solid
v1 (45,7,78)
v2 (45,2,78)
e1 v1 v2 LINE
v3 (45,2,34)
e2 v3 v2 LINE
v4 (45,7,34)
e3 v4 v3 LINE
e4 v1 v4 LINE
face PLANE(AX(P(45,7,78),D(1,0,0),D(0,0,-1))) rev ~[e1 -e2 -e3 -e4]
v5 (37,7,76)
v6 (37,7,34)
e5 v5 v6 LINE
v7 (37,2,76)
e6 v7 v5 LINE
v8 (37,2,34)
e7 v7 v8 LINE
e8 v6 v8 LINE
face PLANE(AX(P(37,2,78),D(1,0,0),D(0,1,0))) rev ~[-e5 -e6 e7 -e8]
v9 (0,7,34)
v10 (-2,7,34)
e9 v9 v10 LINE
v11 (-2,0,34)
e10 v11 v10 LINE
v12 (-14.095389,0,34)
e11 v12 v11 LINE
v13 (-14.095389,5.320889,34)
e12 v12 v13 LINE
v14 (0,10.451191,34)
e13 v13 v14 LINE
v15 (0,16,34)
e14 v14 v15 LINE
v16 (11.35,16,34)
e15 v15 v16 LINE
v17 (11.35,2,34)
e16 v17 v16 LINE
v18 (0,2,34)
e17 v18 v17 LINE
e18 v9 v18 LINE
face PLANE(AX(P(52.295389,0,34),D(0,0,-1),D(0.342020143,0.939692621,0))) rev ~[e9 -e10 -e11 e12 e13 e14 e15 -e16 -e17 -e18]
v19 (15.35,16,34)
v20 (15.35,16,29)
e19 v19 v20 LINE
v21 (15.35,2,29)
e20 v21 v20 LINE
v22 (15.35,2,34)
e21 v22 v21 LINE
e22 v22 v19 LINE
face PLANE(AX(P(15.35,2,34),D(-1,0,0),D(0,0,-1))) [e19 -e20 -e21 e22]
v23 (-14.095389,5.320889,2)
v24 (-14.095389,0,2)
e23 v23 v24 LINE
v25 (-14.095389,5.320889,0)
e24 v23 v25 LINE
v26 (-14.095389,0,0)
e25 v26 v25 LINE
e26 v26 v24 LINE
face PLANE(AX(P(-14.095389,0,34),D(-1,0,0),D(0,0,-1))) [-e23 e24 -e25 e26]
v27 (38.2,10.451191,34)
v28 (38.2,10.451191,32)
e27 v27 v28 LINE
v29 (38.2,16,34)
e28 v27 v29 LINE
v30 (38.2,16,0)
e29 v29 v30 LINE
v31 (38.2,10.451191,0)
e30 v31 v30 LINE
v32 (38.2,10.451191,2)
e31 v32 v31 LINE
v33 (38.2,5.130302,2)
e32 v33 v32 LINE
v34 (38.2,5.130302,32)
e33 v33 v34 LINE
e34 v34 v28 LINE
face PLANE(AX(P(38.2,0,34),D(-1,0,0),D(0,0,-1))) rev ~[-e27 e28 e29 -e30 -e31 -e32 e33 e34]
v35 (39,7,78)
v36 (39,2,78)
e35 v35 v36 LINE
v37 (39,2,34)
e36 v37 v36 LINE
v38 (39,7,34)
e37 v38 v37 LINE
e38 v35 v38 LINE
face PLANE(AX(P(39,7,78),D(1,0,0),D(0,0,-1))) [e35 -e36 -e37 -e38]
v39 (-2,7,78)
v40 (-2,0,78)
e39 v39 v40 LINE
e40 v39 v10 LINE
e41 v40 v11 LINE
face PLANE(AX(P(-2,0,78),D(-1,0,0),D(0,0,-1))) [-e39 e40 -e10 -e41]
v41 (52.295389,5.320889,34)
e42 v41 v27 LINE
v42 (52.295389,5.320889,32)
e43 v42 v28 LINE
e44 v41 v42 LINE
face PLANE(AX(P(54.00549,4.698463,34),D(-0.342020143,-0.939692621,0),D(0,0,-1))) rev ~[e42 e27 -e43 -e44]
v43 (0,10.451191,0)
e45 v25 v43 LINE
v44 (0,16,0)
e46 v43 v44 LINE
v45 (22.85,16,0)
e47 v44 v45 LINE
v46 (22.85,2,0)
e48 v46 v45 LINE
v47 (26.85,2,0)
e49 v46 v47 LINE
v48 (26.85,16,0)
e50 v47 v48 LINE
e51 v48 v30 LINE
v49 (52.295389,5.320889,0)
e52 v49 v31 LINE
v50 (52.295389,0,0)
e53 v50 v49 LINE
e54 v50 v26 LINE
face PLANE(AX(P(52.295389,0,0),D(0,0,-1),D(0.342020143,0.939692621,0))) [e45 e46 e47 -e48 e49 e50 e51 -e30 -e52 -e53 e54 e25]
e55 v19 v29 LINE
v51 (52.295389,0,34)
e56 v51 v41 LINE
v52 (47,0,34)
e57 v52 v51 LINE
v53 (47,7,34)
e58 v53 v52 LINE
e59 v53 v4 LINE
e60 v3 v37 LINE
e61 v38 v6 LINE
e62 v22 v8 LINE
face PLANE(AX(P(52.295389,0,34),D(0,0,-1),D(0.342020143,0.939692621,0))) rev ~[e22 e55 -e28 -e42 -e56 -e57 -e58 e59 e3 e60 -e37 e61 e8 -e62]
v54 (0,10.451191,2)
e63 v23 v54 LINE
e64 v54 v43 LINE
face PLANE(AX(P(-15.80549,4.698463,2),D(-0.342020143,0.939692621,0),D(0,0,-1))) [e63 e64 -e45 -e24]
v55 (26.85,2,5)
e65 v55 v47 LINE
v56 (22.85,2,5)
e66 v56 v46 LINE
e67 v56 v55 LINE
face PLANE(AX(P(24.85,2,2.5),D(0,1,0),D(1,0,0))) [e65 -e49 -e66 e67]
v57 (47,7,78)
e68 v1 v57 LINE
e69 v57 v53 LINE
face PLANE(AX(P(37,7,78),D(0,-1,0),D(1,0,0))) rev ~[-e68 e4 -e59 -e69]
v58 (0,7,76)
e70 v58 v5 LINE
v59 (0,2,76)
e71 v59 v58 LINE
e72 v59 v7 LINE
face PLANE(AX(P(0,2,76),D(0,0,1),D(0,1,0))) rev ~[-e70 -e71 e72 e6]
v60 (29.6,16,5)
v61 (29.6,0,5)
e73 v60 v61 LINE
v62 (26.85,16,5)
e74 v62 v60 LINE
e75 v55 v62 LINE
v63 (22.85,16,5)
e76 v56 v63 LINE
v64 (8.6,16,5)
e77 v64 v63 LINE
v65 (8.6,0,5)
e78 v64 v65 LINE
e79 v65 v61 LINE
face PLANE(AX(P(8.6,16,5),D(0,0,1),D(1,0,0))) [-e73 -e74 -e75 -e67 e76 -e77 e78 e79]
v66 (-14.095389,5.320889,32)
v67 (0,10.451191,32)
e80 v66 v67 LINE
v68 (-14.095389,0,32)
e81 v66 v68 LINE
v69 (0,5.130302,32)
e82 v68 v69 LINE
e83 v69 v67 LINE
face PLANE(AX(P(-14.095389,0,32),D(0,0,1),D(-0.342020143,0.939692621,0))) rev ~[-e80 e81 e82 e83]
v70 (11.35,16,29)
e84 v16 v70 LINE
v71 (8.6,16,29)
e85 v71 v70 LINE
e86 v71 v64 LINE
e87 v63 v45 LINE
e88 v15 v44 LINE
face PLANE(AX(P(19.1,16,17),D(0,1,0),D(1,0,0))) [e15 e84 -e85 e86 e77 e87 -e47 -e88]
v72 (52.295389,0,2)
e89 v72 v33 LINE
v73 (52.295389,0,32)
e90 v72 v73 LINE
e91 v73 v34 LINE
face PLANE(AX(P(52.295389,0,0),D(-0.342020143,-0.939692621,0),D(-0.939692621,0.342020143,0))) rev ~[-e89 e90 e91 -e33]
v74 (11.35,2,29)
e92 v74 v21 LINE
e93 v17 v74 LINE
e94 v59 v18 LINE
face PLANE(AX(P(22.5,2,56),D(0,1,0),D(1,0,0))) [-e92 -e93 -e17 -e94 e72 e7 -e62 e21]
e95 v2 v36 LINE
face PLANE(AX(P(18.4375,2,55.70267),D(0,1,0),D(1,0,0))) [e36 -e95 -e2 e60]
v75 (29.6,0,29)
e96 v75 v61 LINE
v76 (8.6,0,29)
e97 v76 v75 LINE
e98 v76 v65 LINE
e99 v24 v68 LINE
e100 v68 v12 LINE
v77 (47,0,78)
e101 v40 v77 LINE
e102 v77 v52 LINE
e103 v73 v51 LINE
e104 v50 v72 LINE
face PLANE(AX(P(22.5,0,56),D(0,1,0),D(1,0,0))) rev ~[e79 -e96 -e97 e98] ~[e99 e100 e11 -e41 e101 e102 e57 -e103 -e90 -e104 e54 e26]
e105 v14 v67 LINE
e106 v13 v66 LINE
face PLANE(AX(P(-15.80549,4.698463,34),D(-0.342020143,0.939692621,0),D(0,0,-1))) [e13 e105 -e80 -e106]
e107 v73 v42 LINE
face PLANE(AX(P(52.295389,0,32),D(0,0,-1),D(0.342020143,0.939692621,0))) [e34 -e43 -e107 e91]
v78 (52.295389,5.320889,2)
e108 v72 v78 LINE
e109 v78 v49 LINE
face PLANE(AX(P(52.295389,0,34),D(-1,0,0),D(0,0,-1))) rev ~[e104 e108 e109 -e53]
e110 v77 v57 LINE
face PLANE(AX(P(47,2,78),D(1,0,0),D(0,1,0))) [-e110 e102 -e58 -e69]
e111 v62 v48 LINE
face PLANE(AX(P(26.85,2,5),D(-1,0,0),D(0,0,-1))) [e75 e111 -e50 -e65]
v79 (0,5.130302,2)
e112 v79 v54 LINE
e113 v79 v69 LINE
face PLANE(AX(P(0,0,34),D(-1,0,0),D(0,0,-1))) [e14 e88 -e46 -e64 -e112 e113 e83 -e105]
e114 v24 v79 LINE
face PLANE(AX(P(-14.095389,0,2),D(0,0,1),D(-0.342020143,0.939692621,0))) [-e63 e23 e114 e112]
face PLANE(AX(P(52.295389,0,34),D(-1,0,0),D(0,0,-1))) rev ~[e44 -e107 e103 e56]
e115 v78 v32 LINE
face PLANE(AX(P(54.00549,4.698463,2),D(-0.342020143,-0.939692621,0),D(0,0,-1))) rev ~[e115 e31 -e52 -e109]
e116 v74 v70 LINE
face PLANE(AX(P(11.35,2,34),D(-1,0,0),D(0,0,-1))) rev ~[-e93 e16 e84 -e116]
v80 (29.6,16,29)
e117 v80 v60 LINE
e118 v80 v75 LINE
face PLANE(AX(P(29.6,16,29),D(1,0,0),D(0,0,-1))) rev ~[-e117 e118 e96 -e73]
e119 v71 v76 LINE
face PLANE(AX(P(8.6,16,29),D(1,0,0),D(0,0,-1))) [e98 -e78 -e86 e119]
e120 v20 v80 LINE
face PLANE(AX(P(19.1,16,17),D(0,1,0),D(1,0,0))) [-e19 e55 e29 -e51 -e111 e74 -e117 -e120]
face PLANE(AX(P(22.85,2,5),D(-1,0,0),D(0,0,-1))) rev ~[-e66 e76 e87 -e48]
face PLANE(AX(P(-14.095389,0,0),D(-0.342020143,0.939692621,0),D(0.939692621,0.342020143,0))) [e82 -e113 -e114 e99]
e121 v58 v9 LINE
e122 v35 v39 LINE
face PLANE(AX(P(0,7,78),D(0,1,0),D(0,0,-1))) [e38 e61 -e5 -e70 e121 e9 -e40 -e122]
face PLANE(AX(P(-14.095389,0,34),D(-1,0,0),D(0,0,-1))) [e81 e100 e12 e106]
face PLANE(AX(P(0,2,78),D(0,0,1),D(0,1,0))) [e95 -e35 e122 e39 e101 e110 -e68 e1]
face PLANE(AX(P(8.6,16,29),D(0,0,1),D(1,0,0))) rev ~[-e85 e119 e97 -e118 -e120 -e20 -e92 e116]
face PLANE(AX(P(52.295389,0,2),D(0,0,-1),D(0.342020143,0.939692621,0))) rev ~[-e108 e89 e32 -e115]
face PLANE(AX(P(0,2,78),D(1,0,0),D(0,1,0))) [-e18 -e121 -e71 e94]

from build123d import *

# Parameters (mm, degrees)
BOSS_EXTRUDE1_DEPTH            = 34
BOSS_EXTRUDE1_2_DEPTH          = 34
SKETCH5_W                      = 38.2
SKETCH5_H                      = 34
BOSS_EXTRUDE2_DEPTH            = 16
BOSS_EXTRUDE7_REACH            = 77.954
SKETCH12_W                     = 2
SKETCH12_H                     = 5
BOSS_EXTRUDE8_REACH            = 79.938
SKETCH13_W                     = 2
SKETCH13_H                     = 5
CUT_EXTRUDE1_START             = 2
SKETCH6_W                      = 4
SKETCH6_H                      = 5
CUT_EXTRUDE1_DEPTH             = 14
SKETCH7_W                      = 49
SKETCH7_H                      = 44
BOSS_EXTRUDE3_DEPTH            = 2
SKETCH8_W                      = 10
SKETCH8_H                      = 5
SKETCH8_W_2                    = 2
BOSS_EXTRUDE5_DEPTH            = 45
CUT_EXTRUDE2_REACH             = 97.297
SKETCH9_W                      = 6
SKETCH9_H                      = 44
CUT_EXTRUDE2_DIRECTION_2_REACH = 97.297
SKETCH10_W                     = 21
SKETCH10_H                     = 24
CUT_EXTRUDE3_DEPTH             = 16
SKETCH11_W                     = 2
SKETCH11_H                     = 5
BOSS_EXTRUDE6_DEPTH            = 37
SKETCH14_W                     = 5
SKETCH14_H                     = 34
CUT_EXTRUDE4_DEPTH             = 5.320889


with BuildPart() as part:
    # Sketch4 → Boss-Extrude1 (new body)
    with BuildSketch(Plane.XY):
        Polygon((0, 0), (-14.095389312, 0), (0, 5.13030215), align=None)
    extrude(amount=BOSS_EXTRUDE1_DEPTH)



with BuildPart() as body_2:
    # Sketch4 → Boss-Extrude1 2 (new body)
    with BuildSketch(Plane.XY):
        Polygon((52.295389312, 0), (38.2, 5.13030215), (38.2, 0), align=None)
    extrude(amount=BOSS_EXTRUDE1_2_DEPTH)


with BuildPart() as part_1:
    add(part.part)

    add(body_2.part)  # Boss-Extrude2 merges body 2
    # Sketch5 → Boss-Extrude2 (add)
    with BuildSketch(Plane(origin=(0, 0, 0), x_dir=(1, 0, 0), z_dir=(0, 1, 0))):
        with Locations((19.1, -17)):
            Rectangle(SKETCH5_W, SKETCH5_H)
    extrude(amount=BOSS_EXTRUDE2_DEPTH)

    # Boss-Extrude7: up to this plane
    boss_extrude7_end = Plane(origin=(0, 16, 0), z_dir=(1, 0, 0))
    # Sketch12 → Boss-Extrude7 (add, up to the surface)
    with BuildSketch(Plane(origin=(-12.446541984, -4.530170802, 0), x_dir=(0, 0, -1), z_dir=(0.9396926207859105, 0.3420201433256627, 0)), mode=Mode.PRIVATE) as boss_extrude7_sk1:
        with Locations((-1, 7.320907073)):
            Rectangle(SKETCH12_W, SKETCH12_H)
    boss_extrude7_tool1 = split(extrude(boss_extrude7_sk1.sketch, amount=BOSS_EXTRUDE7_REACH, mode=Mode.PRIVATE), bisect_by=boss_extrude7_end, keep=Keep.BOTH, mode=Mode.PRIVATE)
    add(boss_extrude7_tool1.solids().sort_by_distance((-14.95044, 2.349232, 1))[0])
    # Sketch12 → Boss-Extrude7 (add, up to the surface)
    with BuildSketch(Plane(origin=(-12.446541984, -4.530170802, 0), x_dir=(0, 0, -1), z_dir=(0.9396926207859105, 0.3420201433256627, 0)), mode=Mode.PRIVATE) as boss_extrude7_sk2:
        with Locations((-33, 7.320907073)):
            Rectangle(SKETCH12_W, SKETCH12_H)
    boss_extrude7_tool2 = split(extrude(boss_extrude7_sk2.sketch, amount=BOSS_EXTRUDE7_REACH, mode=Mode.PRIVATE), bisect_by=boss_extrude7_end, keep=Keep.BOTH, mode=Mode.PRIVATE)
    add(boss_extrude7_tool2.solids().sort_by_distance((-14.95044, 2.349232, 33))[0])

    # Boss-Extrude8: up to this plane
    boss_extrude8_end = Plane(origin=(38.2, 16, 0), z_dir=(-1, 0, 0))
    # Sketch13 → Boss-Extrude8 (add, up to the surface)
    with BuildSketch(Plane(origin=(46.177990847, -16.807414147, 0), x_dir=(0, 0, -1), z_dir=(0.9396926207859105, -0.3420201433256628, 0)), mode=Mode.PRIVATE) as boss_extrude8_sk1:
        with Locations((-33, 20.386076548)):
            Rectangle(SKETCH13_W, SKETCH13_H)
    boss_extrude8_tool1 = split(extrude(boss_extrude8_sk1.sketch, amount=-BOSS_EXTRUDE8_REACH, mode=Mode.PRIVATE), bisect_by=boss_extrude8_end, keep=Keep.BOTH, mode=Mode.PRIVATE)
    add(boss_extrude8_tool1.solids().sort_by_distance((53.15044, 2.349232, 33))[0])
    # Sketch13 → Boss-Extrude8 (add, up to the surface)
    with BuildSketch(Plane(origin=(46.177990847, -16.807414147, 0), x_dir=(0, 0, -1), z_dir=(0.9396926207859105, -0.3420201433256628, 0)), mode=Mode.PRIVATE) as boss_extrude8_sk2:
        with Locations((-1, 20.386076548)):
            Rectangle(SKETCH13_W, SKETCH13_H)
    boss_extrude8_tool2 = split(extrude(boss_extrude8_sk2.sketch, amount=-BOSS_EXTRUDE8_REACH, mode=Mode.PRIVATE), bisect_by=boss_extrude8_end, keep=Keep.BOTH, mode=Mode.PRIVATE)
    add(boss_extrude8_tool2.solids().sort_by_distance((53.15044, 2.349232, 1))[0])

    # Sketch6 → Cut-Extrude1 (cut)
    with BuildSketch(Plane(origin=(0, 0, 0), x_dir=(1, 0, 0), z_dir=(0, 1, 0)).offset(CUT_EXTRUDE1_START)):
        with Locations((13.35, -31.5)):
            Rectangle(SKETCH6_W, SKETCH6_H)
        with Locations((24.85, -2.5)):
            Rectangle(SKETCH6_W, SKETCH6_H)
    extrude(amount=CUT_EXTRUDE1_DEPTH, mode=Mode.SUBTRACT)

    # Sketch7 → Boss-Extrude3 (add)
    with BuildSketch(Plane(origin=(0, 0, 0), x_dir=(1, 0, 0), z_dir=(0, 1, 0))):
        with Locations((22.5, -56)):
            Rectangle(SKETCH7_W, SKETCH7_H)
    extrude(amount=BOSS_EXTRUDE3_DEPTH)

    # Sketch8 → Boss-Extrude5 (add)
    with BuildSketch(Plane.XY.offset(78)):
        with Locations((42, 4.5)):
            Rectangle(SKETCH8_W, SKETCH8_H)
        with Locations((-1, 4.5)):
            Rectangle(SKETCH8_W_2, SKETCH8_H)
    extrude(amount=-BOSS_EXTRUDE5_DEPTH)

    # Cut-Extrude2: up to this face of the body (flat: up to its plane)
    cut_extrude2_end = Plane(part_1.part.faces().sort_by_distance((18.4375, 2, 55.702669903))[0])
    # Sketch9 → Cut-Extrude2 (cut, up to the picked face)
    with BuildSketch(Plane(origin=(0, 7, 0), x_dir=(1, 0, 0), z_dir=(0, 1, 0)), mode=Mode.PRIVATE) as cut_extrude2_sk1:
        with Locations((42, -56)):
            Rectangle(SKETCH9_W, SKETCH9_H)
    cut_extrude2_tool1 = split(extrude(cut_extrude2_sk1.sketch, amount=-CUT_EXTRUDE2_REACH, mode=Mode.PRIVATE), bisect_by=cut_extrude2_end, keep=Keep.BOTH, mode=Mode.PRIVATE)
    add(cut_extrude2_tool1.solids().sort_by(Axis((42, 7, 56), (0, -1, 0)))[0], mode=Mode.SUBTRACT)

    # Cut-Extrude2 direction 2: up to this face of the body (flat: up to its plane)
    cut_extrude2_direction_2_end = Plane(part_1.part.faces().sort_by_distance((46.102745014, 7.574827058, 33))[0])
    # Sketch9 → Cut-Extrude2 direction 2 (cut, up to the picked face)
    with BuildSketch(Plane(origin=(0, 7, 0), x_dir=(1, 0, 0), z_dir=(0, 1, 0)), mode=Mode.PRIVATE) as cut_extrude2_direction_2_sk1:
        with Locations((42, -56)):
            Rectangle(SKETCH9_W, SKETCH9_H)
    cut_extrude2_direction_2_tool1 = split(extrude(cut_extrude2_direction_2_sk1.sketch, amount=CUT_EXTRUDE2_DIRECTION_2_REACH, mode=Mode.PRIVATE), bisect_by=cut_extrude2_direction_2_end, keep=Keep.BOTH, mode=Mode.PRIVATE)
    add(cut_extrude2_direction_2_tool1.solids().sort_by(Axis((42, 7, 56), (0, 1, 0)))[0], mode=Mode.SUBTRACT)

    # Sketch10 → Cut-Extrude3 (cut)
    with BuildSketch(Plane(origin=(0, 16, 0), x_dir=(1, 0, 0), z_dir=(0, 1, 0))):
        with Locations((19.1, -17)):
            Rectangle(SKETCH10_W, SKETCH10_H)
    extrude(amount=-CUT_EXTRUDE3_DEPTH, mode=Mode.SUBTRACT)

    # Sketch11 → Boss-Extrude6 (add)
    with BuildSketch(Plane(origin=(0, 0, 0), x_dir=(0, 0, -1), z_dir=(1, 0, 0))):
        with Locations((-77, 4.5)):
            Rectangle(SKETCH11_W, SKETCH11_H)
    extrude(amount=BOSS_EXTRUDE6_DEPTH)

    # Sketch14 → Cut-Extrude4 (cut)
    with BuildSketch(Plane(origin=(0, 0, 0), x_dir=(1, 0, 0), z_dir=(0, 1, 0))):
        with Locations((-16.595389312, -17)):
            Rectangle(SKETCH14_W, SKETCH14_H)
        with Locations((54.795389312, -17)):
            Rectangle(SKETCH14_W, SKETCH14_H)
    extrude(amount=CUT_EXTRUDE4_DEPTH, mode=Mode.SUBTRACT)


solid = part_1.part
